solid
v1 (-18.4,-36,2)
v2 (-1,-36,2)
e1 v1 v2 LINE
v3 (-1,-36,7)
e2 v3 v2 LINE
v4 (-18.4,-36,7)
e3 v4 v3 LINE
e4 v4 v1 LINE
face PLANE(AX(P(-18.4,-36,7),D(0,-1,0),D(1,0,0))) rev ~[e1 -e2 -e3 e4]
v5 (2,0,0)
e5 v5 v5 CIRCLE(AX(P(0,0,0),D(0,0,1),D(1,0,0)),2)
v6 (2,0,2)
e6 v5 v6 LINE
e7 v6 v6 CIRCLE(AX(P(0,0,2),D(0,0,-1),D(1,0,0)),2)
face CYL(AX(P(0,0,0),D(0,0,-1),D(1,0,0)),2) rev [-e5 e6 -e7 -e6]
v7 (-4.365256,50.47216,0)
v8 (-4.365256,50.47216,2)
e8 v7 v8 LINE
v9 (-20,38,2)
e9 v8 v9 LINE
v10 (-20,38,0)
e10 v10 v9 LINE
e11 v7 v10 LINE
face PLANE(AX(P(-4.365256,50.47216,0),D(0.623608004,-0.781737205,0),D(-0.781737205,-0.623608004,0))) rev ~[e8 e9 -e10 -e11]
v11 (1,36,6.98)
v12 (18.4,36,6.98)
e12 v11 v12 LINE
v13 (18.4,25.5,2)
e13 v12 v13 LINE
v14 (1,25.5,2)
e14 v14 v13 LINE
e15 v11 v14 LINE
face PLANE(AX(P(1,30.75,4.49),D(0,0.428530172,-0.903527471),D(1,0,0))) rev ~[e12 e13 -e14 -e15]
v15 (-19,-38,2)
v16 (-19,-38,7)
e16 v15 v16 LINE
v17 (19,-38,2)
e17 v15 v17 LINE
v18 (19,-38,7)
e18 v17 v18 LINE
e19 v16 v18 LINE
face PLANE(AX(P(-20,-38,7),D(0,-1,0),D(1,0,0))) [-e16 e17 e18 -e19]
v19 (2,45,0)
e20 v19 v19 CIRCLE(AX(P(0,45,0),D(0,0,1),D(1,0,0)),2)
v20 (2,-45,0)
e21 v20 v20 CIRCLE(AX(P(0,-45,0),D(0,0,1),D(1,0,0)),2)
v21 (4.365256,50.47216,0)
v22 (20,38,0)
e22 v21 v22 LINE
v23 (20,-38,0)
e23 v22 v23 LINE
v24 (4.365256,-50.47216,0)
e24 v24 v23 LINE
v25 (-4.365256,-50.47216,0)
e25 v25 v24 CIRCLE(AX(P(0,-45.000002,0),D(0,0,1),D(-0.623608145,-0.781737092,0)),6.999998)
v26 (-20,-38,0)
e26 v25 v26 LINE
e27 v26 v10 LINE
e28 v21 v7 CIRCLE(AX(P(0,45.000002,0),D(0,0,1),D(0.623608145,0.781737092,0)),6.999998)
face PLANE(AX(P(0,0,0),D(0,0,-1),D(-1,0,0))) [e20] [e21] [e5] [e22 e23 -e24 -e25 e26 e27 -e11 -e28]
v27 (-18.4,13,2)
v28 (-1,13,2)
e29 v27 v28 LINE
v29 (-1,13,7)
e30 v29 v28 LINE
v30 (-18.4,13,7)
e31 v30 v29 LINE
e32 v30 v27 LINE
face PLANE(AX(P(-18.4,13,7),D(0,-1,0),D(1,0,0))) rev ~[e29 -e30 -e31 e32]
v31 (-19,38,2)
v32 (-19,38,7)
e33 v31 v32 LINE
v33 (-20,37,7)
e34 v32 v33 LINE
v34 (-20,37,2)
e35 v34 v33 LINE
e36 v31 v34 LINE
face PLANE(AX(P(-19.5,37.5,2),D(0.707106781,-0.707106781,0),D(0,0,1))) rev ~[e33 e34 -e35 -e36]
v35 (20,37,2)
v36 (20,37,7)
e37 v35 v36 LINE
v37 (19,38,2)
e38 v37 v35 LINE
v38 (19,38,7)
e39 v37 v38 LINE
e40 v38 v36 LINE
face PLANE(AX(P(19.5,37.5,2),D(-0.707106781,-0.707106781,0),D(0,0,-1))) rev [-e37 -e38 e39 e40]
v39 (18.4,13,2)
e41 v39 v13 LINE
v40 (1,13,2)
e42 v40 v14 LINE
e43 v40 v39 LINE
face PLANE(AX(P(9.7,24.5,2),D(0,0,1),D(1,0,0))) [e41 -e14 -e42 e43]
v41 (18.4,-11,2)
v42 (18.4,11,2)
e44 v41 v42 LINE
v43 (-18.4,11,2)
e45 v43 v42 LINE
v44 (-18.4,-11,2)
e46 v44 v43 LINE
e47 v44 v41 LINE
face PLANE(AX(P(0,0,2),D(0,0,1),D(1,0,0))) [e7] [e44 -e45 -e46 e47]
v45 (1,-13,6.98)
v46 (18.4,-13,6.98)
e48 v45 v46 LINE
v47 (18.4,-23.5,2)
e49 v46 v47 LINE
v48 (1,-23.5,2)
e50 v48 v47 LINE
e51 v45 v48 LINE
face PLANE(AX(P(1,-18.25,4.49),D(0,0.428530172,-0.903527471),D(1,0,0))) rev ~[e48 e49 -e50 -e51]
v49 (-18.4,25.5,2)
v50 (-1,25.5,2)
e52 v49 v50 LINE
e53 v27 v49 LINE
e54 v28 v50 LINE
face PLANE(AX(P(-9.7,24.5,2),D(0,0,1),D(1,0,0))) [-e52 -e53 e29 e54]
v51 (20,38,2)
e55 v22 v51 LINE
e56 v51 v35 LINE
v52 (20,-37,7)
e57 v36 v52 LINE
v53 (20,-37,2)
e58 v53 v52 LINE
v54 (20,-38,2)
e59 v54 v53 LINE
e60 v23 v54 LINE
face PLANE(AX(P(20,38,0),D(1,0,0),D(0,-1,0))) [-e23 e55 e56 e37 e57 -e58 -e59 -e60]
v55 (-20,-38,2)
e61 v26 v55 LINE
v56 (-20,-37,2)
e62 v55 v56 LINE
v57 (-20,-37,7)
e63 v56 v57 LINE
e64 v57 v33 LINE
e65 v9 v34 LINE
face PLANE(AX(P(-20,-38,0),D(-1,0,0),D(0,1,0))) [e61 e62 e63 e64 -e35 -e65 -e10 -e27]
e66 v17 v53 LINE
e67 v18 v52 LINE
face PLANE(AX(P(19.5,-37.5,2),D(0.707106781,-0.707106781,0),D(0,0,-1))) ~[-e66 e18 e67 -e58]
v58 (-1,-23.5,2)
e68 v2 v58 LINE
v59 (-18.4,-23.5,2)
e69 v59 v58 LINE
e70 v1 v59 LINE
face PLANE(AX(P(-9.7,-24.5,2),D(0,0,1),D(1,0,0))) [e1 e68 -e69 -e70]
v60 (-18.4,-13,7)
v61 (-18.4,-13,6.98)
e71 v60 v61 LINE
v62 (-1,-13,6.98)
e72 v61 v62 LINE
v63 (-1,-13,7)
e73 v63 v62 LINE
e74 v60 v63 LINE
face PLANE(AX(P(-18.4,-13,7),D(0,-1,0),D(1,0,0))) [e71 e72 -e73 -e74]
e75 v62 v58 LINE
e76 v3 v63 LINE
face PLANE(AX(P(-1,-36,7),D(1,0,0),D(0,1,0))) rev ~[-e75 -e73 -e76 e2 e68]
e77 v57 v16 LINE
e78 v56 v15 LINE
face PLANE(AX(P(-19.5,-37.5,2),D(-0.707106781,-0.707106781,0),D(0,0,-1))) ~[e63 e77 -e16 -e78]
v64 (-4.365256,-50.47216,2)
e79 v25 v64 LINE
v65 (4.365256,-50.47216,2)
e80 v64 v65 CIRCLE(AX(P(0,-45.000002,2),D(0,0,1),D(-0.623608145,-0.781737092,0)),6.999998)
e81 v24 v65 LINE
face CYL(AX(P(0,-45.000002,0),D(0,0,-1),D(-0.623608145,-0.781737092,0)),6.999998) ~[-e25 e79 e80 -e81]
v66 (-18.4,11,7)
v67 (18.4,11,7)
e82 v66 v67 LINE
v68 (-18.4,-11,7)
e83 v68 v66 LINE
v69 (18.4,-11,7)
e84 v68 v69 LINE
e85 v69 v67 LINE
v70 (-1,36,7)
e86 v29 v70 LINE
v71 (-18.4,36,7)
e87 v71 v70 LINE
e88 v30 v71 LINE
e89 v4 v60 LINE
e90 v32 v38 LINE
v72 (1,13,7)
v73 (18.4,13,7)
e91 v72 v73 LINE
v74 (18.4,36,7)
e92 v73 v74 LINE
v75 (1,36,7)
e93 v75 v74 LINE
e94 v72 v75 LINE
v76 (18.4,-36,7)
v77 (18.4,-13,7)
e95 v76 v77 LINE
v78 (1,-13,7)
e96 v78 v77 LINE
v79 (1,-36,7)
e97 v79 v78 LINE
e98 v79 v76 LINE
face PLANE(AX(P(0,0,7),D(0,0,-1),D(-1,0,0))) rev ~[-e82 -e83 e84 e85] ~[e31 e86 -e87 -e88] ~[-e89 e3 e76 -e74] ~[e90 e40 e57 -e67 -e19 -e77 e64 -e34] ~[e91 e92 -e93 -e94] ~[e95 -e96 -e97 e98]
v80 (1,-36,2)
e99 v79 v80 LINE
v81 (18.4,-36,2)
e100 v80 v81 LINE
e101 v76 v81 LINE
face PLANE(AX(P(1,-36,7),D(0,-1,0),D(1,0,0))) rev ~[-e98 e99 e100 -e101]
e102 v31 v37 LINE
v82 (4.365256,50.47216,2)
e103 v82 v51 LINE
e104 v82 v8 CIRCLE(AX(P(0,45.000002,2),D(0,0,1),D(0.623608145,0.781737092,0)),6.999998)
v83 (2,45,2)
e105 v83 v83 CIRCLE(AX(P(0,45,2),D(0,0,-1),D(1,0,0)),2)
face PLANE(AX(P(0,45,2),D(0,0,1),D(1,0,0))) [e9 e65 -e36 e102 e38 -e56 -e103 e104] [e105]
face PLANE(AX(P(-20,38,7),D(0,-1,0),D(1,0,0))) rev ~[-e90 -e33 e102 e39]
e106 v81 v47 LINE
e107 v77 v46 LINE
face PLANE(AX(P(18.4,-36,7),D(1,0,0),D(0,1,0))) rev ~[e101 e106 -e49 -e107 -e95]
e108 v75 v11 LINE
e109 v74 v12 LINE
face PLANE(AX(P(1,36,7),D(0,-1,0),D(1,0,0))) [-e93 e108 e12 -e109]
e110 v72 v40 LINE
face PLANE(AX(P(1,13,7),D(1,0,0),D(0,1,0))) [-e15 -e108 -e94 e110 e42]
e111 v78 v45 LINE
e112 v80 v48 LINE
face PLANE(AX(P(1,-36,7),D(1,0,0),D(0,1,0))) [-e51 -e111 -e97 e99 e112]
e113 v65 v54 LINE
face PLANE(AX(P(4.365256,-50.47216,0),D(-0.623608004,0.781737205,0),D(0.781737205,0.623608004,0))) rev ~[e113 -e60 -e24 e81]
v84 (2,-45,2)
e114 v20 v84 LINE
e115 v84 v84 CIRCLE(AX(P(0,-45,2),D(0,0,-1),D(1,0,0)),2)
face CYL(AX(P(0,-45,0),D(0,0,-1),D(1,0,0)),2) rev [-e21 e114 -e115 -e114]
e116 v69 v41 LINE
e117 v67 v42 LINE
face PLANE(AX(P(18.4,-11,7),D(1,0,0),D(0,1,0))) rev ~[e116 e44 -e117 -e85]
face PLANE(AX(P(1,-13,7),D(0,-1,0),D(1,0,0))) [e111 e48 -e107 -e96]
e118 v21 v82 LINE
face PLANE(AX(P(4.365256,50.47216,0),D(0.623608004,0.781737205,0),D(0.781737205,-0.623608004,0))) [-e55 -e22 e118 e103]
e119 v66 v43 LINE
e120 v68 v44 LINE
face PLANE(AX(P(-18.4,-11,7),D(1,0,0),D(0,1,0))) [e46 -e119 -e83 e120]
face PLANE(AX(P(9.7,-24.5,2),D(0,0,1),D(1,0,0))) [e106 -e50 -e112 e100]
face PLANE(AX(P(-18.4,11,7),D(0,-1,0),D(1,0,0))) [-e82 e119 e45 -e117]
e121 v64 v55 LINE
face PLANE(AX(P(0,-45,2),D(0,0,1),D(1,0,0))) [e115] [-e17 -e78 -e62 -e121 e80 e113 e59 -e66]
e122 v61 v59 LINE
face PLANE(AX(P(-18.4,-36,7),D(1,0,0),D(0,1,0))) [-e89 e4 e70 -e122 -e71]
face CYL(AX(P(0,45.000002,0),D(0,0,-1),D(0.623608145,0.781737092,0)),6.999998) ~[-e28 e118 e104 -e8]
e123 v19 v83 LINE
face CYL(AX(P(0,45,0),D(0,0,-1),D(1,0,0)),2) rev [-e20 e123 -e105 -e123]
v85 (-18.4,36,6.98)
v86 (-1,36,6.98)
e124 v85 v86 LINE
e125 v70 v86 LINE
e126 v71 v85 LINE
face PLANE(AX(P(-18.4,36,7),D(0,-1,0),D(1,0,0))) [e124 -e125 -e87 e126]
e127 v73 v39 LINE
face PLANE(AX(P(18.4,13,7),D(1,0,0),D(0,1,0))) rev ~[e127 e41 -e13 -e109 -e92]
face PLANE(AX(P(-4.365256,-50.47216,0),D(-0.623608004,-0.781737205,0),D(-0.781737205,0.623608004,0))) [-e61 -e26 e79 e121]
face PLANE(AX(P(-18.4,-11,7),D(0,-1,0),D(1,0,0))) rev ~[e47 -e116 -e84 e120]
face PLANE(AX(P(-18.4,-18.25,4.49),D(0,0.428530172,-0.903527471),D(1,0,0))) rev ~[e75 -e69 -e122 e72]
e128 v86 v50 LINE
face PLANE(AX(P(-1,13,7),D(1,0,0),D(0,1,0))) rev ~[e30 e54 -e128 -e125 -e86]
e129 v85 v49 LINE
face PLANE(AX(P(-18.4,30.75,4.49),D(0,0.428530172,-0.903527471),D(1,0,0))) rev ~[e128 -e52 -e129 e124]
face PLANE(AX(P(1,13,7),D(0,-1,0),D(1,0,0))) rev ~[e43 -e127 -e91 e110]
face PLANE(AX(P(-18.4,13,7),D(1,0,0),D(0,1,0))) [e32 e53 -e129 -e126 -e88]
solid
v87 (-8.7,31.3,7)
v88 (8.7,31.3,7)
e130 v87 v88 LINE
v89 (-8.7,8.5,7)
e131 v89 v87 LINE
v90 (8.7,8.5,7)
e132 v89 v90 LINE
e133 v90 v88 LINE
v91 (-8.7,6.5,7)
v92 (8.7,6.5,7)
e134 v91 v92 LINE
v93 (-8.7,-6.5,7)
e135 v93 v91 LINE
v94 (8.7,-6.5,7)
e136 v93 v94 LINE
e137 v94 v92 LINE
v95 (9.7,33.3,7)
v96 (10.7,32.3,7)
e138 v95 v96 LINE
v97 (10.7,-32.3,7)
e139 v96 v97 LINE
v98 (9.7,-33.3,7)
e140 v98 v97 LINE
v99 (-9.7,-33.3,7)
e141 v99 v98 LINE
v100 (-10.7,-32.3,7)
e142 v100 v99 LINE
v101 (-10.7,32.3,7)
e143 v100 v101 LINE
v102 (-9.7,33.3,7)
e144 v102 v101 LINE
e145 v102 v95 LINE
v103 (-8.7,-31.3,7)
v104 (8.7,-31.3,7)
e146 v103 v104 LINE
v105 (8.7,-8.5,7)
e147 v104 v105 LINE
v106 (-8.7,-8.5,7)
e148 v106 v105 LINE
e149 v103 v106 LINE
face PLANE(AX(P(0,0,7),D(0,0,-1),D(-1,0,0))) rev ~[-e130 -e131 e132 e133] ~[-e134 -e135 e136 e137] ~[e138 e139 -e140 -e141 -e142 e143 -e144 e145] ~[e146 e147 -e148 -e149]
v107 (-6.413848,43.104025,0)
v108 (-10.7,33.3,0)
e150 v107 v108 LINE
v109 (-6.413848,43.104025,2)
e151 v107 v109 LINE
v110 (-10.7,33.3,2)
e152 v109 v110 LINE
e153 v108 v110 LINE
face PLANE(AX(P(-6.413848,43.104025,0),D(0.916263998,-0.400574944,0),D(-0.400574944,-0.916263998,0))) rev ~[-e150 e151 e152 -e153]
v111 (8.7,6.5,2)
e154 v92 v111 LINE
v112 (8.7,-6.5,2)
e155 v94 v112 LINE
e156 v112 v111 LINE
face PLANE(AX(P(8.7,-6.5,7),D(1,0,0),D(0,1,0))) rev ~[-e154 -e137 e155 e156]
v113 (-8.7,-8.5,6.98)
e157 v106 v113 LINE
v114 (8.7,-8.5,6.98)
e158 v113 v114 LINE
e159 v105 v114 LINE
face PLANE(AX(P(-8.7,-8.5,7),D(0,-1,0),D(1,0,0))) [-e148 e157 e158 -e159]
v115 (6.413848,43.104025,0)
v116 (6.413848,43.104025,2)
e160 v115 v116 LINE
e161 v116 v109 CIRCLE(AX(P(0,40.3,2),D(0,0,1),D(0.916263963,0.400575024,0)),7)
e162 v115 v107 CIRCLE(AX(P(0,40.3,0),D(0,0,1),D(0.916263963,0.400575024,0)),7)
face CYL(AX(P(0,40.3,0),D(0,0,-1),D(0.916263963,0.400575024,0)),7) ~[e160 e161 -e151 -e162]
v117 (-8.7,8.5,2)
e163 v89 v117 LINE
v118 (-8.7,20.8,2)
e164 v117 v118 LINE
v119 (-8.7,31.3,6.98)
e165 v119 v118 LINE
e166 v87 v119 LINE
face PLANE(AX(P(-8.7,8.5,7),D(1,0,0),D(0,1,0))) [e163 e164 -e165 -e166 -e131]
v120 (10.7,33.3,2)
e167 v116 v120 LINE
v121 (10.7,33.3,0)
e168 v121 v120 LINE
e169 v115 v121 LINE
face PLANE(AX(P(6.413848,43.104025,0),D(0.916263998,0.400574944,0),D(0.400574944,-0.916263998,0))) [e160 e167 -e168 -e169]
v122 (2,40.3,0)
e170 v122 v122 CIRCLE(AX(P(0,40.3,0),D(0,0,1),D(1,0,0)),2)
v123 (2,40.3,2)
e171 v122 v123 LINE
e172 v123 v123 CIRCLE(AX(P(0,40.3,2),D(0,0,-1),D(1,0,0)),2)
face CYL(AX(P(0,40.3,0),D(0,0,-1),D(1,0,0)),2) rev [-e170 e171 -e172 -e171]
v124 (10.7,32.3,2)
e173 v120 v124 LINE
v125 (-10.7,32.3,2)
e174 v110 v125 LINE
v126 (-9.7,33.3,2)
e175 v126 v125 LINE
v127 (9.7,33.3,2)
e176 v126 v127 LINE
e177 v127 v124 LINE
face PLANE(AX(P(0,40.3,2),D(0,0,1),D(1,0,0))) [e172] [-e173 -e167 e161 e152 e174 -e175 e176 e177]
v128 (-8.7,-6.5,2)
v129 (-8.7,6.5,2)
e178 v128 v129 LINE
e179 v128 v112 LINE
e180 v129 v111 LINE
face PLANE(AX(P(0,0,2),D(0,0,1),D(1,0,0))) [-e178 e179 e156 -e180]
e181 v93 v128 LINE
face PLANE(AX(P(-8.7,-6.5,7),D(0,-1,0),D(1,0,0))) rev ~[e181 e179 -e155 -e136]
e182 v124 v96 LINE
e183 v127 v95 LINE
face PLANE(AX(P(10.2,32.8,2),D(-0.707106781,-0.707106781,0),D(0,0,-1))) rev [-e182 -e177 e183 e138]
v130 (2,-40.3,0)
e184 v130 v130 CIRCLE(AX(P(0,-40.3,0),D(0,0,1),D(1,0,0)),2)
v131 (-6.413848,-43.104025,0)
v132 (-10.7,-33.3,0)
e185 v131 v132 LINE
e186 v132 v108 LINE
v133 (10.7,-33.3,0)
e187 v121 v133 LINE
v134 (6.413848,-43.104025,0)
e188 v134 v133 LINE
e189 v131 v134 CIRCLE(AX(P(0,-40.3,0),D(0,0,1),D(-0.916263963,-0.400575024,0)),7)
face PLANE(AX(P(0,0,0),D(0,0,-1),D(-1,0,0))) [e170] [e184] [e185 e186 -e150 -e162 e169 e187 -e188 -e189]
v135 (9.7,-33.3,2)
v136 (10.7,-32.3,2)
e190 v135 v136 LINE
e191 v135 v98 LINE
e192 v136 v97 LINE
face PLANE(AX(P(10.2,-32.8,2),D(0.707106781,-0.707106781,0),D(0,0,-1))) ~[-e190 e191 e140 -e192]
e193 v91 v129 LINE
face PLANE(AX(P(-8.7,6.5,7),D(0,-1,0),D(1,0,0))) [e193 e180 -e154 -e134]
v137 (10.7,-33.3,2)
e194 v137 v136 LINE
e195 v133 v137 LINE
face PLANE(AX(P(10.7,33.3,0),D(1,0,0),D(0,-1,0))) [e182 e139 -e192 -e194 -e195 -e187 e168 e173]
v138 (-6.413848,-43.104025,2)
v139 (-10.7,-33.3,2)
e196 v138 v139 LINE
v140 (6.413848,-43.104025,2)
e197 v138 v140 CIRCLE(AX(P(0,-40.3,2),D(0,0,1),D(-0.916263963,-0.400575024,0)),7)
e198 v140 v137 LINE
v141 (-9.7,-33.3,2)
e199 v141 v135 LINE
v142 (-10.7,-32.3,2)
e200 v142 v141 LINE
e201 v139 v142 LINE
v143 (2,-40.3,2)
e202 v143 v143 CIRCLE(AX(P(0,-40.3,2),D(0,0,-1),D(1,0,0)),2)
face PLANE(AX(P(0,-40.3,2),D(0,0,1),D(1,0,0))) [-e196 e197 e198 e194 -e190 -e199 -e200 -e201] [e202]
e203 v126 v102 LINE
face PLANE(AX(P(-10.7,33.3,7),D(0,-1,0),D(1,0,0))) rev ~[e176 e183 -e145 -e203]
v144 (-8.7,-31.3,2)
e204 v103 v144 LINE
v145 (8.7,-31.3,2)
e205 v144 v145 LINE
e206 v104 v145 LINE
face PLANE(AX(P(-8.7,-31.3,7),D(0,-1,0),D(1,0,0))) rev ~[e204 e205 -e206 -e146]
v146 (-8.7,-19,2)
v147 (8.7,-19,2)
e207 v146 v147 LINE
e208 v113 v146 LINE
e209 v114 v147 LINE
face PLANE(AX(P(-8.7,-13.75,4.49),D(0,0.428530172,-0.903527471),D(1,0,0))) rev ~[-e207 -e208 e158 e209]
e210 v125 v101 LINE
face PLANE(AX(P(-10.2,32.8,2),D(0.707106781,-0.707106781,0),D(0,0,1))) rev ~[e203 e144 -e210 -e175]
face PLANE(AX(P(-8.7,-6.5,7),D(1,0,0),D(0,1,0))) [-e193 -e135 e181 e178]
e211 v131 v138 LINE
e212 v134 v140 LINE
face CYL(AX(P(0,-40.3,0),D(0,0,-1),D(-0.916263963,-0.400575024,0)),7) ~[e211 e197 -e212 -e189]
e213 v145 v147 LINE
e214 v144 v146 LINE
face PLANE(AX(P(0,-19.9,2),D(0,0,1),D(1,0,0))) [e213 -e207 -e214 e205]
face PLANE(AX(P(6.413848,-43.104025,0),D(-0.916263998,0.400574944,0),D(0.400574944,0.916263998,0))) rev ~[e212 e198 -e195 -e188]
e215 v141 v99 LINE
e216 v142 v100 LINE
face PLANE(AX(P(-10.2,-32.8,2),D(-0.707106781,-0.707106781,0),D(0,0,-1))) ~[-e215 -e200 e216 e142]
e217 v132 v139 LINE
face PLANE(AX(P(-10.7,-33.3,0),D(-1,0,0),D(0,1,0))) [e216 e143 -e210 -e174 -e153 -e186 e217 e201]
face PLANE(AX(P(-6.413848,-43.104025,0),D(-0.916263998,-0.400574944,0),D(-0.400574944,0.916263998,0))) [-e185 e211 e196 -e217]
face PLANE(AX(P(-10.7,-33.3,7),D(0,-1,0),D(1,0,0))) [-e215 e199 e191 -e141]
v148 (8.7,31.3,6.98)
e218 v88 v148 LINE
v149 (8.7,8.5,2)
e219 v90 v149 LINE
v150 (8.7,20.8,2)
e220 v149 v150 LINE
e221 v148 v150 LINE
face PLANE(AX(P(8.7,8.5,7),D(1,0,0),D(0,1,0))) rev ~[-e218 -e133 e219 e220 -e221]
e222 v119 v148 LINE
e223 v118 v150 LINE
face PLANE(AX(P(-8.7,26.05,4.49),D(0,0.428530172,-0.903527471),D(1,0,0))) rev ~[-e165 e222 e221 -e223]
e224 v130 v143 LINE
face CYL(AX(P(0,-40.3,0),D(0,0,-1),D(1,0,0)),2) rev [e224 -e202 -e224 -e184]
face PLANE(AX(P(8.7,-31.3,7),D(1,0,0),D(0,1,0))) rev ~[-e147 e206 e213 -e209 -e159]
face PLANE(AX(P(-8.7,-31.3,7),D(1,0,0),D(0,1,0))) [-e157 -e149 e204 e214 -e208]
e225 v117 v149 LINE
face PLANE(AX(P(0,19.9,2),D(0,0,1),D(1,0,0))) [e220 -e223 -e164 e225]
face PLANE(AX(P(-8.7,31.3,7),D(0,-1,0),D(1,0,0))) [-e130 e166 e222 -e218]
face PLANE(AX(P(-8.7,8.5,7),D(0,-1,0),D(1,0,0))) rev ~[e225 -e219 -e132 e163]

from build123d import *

# Parameters (mm, degrees)
SKETCH_R           = 2
PAD_DEPTH          = 7
SKETCH001_W        = 17.4
SKETCH001_H        = 23
SKETCH001_W_2      = 40
SKETCH001_H_2      = 14
SKETCH001_W_3      = 36.8
SKETCH001_H_3      = 22
POCKET_DEPTH       = 5
CHAMFER_1_SIZE2    = 10.5
CHAMFER_1_SIZE     = 4.98
CHAMFER_2_SIZE2    = 10.5
CHAMFER_2_SIZE     = 4.98
CHAMFER_3_SIZE2    = 10.5
CHAMFER_3_SIZE     = 4.98
CHAMFER_4_SIZE2    = 10.5
CHAMFER_4_SIZE     = 4.98
CHAMFER001_SIZE    = 1
SKETCH002_R        = 2
PAD001_DEPTH       = 7
SKETCH003_W        = 21.4
SKETCH003_H        = 14
SKETCH003_W_2      = 17.4
SKETCH003_H_2      = 22.8
SKETCH003_H_3      = 13
POCKET001_DEPTH    = 5
CHAMFER002_1_SIZE2 = 10.5
CHAMFER002_1_SIZE  = 4.98
CHAMFER002_2_SIZE2 = 10.5
CHAMFER002_2_SIZE  = 4.98
CHAMFER003_SIZE    = 1


with BuildPart() as f_4x_3er:
    # Sketch → Pad (new body)
    with BuildSketch(Plane.XY):
        with BuildLine():
            Line((20, 38), (20, -38))
            Line((4.365256, -50.47216), (20, -38))
            ThreePointArc((-4.365256, -50.47216), (0, -52), (4.365256, -50.47216))
            Line((-4.365256, -50.47216), (-20, -38))
            Line((-20, -38), (-20, 38))
            Line((-4.365256, 50.47216), (-20, 38))
            ThreePointArc((4.365256, 50.47216), (0, 52), (-4.365256, 50.47216))
            Line((4.365256, 50.47216), (20, 38))
        make_face()
        with Locations((0, -45)):
            Circle(SKETCH_R, mode=Mode.SUBTRACT)
        with Locations((0, 45)):
            Circle(SKETCH_R, mode=Mode.SUBTRACT)
        Circle(SKETCH_R, mode=Mode.SUBTRACT)
    extrude(amount=PAD_DEPTH)

    # Sketch001 → Pocket (cut)
    with BuildSketch(Plane.XY.offset(7)):
        with Locations((-9.7, -24.5)):
            Rectangle(SKETCH001_W, SKETCH001_H)
        with Locations((9.7, -24.5)):
            Rectangle(SKETCH001_W, SKETCH001_H)
        with Locations((0, 45)):
            Rectangle(SKETCH001_W_2, SKETCH001_H_2)
        with Locations((0, -45)):
            Rectangle(SKETCH001_W_2, SKETCH001_H_2)
        with Locations((-9.7, 24.5)):
            Rectangle(SKETCH001_W, SKETCH001_H)
        with Locations((9.7, 24.5)):
            Rectangle(SKETCH001_W, SKETCH001_H)
        Rectangle(SKETCH001_W_3, SKETCH001_H_3)
    extrude(amount=-POCKET_DEPTH, mode=Mode.SUBTRACT)

    # Chamfer 1
    chamfer_1_edges = [f_4x_3er.edges().sort_by_distance(p)[0] for p in [
        (-9.7, -13, 2),
    ]]
    chamfer_1_side = f_4x_3er.faces().sort_by_distance((-9.7, -13, 4.5))[0]
    chamfer(chamfer_1_edges, length=CHAMFER_1_SIZE, length2=CHAMFER_1_SIZE2, reference=chamfer_1_side)

    # Chamfer 2
    chamfer_2_edges = [f_4x_3er.edges().sort_by_distance(p)[0] for p in [
        (9.7, -13, 2),
    ]]
    chamfer_2_side = f_4x_3er.faces().sort_by_distance((9.7, -13, 4.5))[0]
    chamfer(chamfer_2_edges, length=CHAMFER_2_SIZE, length2=CHAMFER_2_SIZE2, reference=chamfer_2_side)

    # Chamfer 3
    chamfer_3_edges = [f_4x_3er.edges().sort_by_distance(p)[0] for p in [
        (9.7, 36, 2),
    ]]
    chamfer_3_side = f_4x_3er.faces().sort_by_distance((9.7, 36, 4.5))[0]
    chamfer(chamfer_3_edges, length=CHAMFER_3_SIZE, length2=CHAMFER_3_SIZE2, reference=chamfer_3_side)

    # Chamfer 4
    chamfer_4_edges = [f_4x_3er.edges().sort_by_distance(p)[0] for p in [
        (-9.7, 36, 2),
    ]]
    chamfer_4_side = f_4x_3er.faces().sort_by_distance((-9.7, 36, 4.5))[0]
    chamfer(chamfer_4_edges, length=CHAMFER_4_SIZE, length2=CHAMFER_4_SIZE2, reference=chamfer_4_side)

    # Chamfer001
    chamfer001_edges = [f_4x_3er.edges().sort_by_distance(p)[0] for p in [
        (-20, 38, 4.5),
        (20, 38, 4.5),
        (20, -38, 4.5),
        (-20, -38, 4.5),
    ]]
    chamfer(chamfer001_edges, length=CHAMFER001_SIZE)


with BuildPart() as f_2x_3er:
    # Sketch002 → Pad001 (new body)
    with BuildSketch(Plane.XY):
        with BuildLine():
            Line((10.7, 33.3), (10.7, -33.3))
            Line((6.413848, -43.104025), (10.7, -33.3))
            ThreePointArc((-6.413848, -43.104025), (0, -47.3), (6.413848, -43.104025))
            Line((-6.413848, -43.104025), (-10.7, -33.3))
            Line((-10.7, -33.3), (-10.7, 33.3))
            Line((-6.413848, 43.104025), (-10.7, 33.3))
            ThreePointArc((6.413848, 43.104025), (0, 47.3), (-6.413848, 43.104025))
            Line((6.413848, 43.104025), (10.7, 33.3))
        make_face()
        with Locations((0, 40.3)):
            Circle(SKETCH002_R, mode=Mode.SUBTRACT)
        with Locations((0, -40.3)):
            Circle(SKETCH002_R, mode=Mode.SUBTRACT)
    extrude(amount=PAD001_DEPTH)

    # Sketch003 → Pocket001 (cut)
    with BuildSketch(Plane.XY.offset(7)):
        with Locations((0, 40.3)):
            Rectangle(SKETCH003_W, SKETCH003_H)
        with Locations((0, -40.3)):
            Rectangle(SKETCH003_W, SKETCH003_H)
        with Locations((0, 19.9)):
            Rectangle(SKETCH003_W_2, SKETCH003_H_2)
        with Locations((0, -19.9)):
            Rectangle(SKETCH003_W_2, SKETCH003_H_2)
        Rectangle(SKETCH003_W_2, SKETCH003_H_3)
    extrude(amount=-POCKET001_DEPTH, mode=Mode.SUBTRACT)

    # Chamfer002 1
    chamfer002_1_edges = [f_2x_3er.edges().sort_by_distance(p)[0] for p in [
        (0, -8.5, 2),
    ]]
    chamfer002_1_side = f_2x_3er.faces().sort_by_distance((0, -8.5, 4.5))[0]
    chamfer(chamfer002_1_edges, length=CHAMFER002_1_SIZE, length2=CHAMFER002_1_SIZE2, reference=chamfer002_1_side)

    # Chamfer002 2
    chamfer002_2_edges = [f_2x_3er.edges().sort_by_distance(p)[0] for p in [
        (0, 31.3, 2),
    ]]
    chamfer002_2_side = f_2x_3er.faces().sort_by_distance((0, 31.3, 4.5))[0]
    chamfer(chamfer002_2_edges, length=CHAMFER002_2_SIZE, length2=CHAMFER002_2_SIZE2, reference=chamfer002_2_side)

    # Chamfer003
    chamfer003_edges = [f_2x_3er.edges().sort_by_distance(p)[0] for p in [
        (10.7, -33.3, 4.5),
        (-10.7, -33.3, 4.5),
        (10.7, 33.3, 4.5),
        (-10.7, 33.3, 4.5),
    ]]
    chamfer(chamfer003_edges, length=CHAMFER003_SIZE)


solid = Compound([f_4x_3er.part, f_2x_3er.part])
